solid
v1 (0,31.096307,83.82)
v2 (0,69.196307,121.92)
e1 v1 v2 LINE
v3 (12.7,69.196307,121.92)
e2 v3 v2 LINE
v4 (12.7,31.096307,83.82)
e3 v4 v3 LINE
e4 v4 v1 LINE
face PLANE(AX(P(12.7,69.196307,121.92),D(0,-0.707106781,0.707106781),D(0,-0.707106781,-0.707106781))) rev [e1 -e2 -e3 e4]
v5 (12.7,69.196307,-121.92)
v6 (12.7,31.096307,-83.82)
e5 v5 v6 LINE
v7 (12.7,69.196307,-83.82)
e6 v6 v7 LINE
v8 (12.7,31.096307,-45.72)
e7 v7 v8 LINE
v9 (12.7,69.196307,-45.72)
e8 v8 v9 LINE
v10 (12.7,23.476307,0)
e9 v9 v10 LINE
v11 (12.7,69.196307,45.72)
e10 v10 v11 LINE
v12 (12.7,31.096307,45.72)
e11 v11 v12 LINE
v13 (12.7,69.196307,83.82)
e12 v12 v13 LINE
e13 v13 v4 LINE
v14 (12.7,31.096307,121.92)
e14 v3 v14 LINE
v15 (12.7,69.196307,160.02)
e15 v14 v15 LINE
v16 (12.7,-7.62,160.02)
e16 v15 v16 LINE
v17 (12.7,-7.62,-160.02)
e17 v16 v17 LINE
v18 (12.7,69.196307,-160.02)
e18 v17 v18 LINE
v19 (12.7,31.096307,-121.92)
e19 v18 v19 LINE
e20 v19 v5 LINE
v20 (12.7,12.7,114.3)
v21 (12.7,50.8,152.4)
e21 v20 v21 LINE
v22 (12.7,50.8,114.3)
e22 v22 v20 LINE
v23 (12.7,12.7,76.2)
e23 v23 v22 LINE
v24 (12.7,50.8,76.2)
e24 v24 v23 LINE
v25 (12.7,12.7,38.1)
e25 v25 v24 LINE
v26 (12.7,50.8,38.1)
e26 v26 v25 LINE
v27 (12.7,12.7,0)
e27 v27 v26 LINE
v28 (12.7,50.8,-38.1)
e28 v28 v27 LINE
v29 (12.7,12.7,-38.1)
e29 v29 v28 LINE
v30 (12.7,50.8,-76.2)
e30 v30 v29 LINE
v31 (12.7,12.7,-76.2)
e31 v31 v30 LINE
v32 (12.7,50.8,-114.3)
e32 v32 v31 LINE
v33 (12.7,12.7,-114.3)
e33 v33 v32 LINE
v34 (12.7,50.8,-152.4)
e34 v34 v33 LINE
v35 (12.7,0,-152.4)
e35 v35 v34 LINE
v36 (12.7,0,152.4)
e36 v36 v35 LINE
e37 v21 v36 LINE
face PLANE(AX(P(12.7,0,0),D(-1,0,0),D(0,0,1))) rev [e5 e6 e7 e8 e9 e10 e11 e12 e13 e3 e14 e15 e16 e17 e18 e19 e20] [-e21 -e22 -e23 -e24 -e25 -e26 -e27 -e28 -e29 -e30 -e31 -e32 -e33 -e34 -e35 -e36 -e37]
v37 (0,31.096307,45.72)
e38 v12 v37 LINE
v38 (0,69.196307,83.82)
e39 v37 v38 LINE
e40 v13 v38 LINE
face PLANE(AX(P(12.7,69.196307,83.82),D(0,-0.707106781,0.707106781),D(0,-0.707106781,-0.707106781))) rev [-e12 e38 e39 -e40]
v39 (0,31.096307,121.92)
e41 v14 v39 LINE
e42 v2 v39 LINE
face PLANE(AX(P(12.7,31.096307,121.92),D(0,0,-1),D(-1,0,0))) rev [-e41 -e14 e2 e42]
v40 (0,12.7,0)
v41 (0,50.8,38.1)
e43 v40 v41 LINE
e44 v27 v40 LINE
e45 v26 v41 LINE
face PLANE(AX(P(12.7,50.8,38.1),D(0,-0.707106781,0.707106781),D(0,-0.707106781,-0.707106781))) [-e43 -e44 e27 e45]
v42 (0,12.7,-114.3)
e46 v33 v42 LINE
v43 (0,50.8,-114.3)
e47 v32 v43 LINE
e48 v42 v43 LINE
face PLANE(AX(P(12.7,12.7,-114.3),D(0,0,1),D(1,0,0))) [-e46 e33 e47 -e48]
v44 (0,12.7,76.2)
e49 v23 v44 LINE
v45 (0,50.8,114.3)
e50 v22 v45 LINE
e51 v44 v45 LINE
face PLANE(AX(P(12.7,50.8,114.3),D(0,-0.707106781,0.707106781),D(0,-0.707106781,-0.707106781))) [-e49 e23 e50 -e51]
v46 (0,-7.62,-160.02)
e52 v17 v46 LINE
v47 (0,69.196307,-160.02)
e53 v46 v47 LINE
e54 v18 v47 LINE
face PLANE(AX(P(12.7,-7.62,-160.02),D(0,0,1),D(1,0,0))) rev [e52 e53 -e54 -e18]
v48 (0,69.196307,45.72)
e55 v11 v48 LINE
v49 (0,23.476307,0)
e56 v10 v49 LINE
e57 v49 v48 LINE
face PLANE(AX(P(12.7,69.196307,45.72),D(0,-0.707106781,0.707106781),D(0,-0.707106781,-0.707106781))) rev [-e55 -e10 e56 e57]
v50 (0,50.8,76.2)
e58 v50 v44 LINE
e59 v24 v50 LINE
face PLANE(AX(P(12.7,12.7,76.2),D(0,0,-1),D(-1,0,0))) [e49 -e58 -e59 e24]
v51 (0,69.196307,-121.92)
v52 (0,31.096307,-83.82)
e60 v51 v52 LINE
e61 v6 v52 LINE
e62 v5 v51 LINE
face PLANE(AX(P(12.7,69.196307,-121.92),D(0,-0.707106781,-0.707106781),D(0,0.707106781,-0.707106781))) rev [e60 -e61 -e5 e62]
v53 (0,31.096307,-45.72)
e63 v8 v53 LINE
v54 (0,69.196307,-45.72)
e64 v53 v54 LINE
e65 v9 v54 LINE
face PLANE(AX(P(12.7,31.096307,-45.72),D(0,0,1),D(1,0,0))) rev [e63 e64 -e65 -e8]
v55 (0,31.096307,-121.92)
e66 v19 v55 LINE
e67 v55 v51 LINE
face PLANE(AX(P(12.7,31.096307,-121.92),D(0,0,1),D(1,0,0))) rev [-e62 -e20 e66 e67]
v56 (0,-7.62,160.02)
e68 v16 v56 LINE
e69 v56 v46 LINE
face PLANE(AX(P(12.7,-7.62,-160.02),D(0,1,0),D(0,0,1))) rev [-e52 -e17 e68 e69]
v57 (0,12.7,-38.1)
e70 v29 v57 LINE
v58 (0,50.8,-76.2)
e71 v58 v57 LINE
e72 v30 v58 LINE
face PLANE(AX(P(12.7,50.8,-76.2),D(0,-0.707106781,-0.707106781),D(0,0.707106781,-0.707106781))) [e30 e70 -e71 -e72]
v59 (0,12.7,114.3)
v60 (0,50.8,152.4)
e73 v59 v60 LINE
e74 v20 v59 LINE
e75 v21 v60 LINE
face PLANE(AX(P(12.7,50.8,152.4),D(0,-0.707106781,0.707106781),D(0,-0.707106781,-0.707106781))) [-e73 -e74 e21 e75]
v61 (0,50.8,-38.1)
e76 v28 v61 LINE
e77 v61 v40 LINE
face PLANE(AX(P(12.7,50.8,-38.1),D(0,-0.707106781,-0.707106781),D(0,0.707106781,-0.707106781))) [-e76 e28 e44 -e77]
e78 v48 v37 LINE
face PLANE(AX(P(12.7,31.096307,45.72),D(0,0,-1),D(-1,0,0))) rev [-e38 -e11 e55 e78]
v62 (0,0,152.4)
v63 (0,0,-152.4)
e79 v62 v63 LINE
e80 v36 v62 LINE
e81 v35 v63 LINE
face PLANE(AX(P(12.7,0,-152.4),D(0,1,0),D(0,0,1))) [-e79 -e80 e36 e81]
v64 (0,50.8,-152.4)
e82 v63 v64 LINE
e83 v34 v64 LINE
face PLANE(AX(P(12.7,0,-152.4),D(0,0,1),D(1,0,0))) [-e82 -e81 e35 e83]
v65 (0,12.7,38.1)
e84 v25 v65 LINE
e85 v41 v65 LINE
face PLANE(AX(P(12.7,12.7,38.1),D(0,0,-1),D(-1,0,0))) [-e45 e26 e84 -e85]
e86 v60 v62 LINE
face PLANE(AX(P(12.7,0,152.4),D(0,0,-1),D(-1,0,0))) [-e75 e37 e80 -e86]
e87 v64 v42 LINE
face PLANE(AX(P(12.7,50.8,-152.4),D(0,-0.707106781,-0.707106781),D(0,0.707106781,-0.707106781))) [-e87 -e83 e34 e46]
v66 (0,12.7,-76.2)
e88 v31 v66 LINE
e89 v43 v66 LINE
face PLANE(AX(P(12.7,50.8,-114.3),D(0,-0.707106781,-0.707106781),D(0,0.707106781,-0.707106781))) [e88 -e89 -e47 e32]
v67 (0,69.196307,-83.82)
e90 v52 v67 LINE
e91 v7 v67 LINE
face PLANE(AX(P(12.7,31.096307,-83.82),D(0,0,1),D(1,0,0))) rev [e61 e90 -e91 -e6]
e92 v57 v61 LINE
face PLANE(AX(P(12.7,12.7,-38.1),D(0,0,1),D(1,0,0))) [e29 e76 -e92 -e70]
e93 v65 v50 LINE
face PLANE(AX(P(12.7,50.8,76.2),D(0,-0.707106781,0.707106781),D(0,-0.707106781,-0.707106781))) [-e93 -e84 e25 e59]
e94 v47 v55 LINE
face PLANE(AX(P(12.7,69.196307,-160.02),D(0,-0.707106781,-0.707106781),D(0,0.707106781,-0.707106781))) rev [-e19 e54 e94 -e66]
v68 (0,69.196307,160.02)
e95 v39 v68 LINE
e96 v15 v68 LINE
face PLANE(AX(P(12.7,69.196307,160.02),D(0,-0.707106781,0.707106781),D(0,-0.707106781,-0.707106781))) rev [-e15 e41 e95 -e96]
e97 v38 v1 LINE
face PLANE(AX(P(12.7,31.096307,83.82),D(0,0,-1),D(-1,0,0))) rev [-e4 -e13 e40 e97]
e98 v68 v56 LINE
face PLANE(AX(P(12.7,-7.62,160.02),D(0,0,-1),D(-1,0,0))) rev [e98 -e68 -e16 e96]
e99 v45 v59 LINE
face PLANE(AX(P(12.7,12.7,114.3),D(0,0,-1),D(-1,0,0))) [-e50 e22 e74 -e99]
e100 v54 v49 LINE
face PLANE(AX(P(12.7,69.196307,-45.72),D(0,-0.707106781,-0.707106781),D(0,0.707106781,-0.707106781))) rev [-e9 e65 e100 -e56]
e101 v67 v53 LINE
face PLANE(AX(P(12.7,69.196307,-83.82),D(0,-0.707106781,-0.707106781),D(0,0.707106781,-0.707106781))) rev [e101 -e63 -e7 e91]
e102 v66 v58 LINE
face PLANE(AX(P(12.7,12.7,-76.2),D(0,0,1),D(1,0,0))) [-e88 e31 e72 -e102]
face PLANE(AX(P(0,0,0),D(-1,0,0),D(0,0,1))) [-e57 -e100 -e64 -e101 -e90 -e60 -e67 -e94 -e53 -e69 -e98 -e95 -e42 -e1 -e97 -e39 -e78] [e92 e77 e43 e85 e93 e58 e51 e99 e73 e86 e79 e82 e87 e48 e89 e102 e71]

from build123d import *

# Parameters (mm, degrees)
BOSS_EXTRUDE1_DEPTH = 12.7


with BuildPart() as part:
    # Sketch1 → Boss-Extrude1 (new body)
    with BuildSketch(Plane(origin=(0, 0, 0), x_dir=(0, 0, -1), z_dir=(1, 0, 0))):
        Polygon((-160.02, -7.62), (-160.02, 69.196307345), (-121.92, 31.096307345), (-121.92, 69.196307345), (-83.82, 31.096307345), (-83.82, 69.196307345), (-45.72, 31.096307345), (-45.72, 69.196307345), (0, 23.476307345), (45.72, 69.196307345), (45.72, 31.096307345), (83.82, 69.196307345), (83.82, 31.096307345), (121.92, 69.196307345), (121.92, 31.096307345), (160.02, 69.196307345), (160.02, -7.62), align=None)
        Polygon((38.1, 12.7), (38.1, 50.8), (0, 12.7), (-38.1, 50.8), (-38.1, 12.7), (-76.2, 50.8), (-76.2, 12.7), (-114.3, 50.8), (-114.3, 12.7), (-152.4, 50.8), (-152.4, 0), (152.4, 0), (152.4, 50.8), (114.3, 12.7), (114.3, 50.8), (76.2, 12.7), (76.2, 50.8), align=None, mode=Mode.SUBTRACT)
    extrude(amount=BOSS_EXTRUDE1_DEPTH)


solid = part.part
